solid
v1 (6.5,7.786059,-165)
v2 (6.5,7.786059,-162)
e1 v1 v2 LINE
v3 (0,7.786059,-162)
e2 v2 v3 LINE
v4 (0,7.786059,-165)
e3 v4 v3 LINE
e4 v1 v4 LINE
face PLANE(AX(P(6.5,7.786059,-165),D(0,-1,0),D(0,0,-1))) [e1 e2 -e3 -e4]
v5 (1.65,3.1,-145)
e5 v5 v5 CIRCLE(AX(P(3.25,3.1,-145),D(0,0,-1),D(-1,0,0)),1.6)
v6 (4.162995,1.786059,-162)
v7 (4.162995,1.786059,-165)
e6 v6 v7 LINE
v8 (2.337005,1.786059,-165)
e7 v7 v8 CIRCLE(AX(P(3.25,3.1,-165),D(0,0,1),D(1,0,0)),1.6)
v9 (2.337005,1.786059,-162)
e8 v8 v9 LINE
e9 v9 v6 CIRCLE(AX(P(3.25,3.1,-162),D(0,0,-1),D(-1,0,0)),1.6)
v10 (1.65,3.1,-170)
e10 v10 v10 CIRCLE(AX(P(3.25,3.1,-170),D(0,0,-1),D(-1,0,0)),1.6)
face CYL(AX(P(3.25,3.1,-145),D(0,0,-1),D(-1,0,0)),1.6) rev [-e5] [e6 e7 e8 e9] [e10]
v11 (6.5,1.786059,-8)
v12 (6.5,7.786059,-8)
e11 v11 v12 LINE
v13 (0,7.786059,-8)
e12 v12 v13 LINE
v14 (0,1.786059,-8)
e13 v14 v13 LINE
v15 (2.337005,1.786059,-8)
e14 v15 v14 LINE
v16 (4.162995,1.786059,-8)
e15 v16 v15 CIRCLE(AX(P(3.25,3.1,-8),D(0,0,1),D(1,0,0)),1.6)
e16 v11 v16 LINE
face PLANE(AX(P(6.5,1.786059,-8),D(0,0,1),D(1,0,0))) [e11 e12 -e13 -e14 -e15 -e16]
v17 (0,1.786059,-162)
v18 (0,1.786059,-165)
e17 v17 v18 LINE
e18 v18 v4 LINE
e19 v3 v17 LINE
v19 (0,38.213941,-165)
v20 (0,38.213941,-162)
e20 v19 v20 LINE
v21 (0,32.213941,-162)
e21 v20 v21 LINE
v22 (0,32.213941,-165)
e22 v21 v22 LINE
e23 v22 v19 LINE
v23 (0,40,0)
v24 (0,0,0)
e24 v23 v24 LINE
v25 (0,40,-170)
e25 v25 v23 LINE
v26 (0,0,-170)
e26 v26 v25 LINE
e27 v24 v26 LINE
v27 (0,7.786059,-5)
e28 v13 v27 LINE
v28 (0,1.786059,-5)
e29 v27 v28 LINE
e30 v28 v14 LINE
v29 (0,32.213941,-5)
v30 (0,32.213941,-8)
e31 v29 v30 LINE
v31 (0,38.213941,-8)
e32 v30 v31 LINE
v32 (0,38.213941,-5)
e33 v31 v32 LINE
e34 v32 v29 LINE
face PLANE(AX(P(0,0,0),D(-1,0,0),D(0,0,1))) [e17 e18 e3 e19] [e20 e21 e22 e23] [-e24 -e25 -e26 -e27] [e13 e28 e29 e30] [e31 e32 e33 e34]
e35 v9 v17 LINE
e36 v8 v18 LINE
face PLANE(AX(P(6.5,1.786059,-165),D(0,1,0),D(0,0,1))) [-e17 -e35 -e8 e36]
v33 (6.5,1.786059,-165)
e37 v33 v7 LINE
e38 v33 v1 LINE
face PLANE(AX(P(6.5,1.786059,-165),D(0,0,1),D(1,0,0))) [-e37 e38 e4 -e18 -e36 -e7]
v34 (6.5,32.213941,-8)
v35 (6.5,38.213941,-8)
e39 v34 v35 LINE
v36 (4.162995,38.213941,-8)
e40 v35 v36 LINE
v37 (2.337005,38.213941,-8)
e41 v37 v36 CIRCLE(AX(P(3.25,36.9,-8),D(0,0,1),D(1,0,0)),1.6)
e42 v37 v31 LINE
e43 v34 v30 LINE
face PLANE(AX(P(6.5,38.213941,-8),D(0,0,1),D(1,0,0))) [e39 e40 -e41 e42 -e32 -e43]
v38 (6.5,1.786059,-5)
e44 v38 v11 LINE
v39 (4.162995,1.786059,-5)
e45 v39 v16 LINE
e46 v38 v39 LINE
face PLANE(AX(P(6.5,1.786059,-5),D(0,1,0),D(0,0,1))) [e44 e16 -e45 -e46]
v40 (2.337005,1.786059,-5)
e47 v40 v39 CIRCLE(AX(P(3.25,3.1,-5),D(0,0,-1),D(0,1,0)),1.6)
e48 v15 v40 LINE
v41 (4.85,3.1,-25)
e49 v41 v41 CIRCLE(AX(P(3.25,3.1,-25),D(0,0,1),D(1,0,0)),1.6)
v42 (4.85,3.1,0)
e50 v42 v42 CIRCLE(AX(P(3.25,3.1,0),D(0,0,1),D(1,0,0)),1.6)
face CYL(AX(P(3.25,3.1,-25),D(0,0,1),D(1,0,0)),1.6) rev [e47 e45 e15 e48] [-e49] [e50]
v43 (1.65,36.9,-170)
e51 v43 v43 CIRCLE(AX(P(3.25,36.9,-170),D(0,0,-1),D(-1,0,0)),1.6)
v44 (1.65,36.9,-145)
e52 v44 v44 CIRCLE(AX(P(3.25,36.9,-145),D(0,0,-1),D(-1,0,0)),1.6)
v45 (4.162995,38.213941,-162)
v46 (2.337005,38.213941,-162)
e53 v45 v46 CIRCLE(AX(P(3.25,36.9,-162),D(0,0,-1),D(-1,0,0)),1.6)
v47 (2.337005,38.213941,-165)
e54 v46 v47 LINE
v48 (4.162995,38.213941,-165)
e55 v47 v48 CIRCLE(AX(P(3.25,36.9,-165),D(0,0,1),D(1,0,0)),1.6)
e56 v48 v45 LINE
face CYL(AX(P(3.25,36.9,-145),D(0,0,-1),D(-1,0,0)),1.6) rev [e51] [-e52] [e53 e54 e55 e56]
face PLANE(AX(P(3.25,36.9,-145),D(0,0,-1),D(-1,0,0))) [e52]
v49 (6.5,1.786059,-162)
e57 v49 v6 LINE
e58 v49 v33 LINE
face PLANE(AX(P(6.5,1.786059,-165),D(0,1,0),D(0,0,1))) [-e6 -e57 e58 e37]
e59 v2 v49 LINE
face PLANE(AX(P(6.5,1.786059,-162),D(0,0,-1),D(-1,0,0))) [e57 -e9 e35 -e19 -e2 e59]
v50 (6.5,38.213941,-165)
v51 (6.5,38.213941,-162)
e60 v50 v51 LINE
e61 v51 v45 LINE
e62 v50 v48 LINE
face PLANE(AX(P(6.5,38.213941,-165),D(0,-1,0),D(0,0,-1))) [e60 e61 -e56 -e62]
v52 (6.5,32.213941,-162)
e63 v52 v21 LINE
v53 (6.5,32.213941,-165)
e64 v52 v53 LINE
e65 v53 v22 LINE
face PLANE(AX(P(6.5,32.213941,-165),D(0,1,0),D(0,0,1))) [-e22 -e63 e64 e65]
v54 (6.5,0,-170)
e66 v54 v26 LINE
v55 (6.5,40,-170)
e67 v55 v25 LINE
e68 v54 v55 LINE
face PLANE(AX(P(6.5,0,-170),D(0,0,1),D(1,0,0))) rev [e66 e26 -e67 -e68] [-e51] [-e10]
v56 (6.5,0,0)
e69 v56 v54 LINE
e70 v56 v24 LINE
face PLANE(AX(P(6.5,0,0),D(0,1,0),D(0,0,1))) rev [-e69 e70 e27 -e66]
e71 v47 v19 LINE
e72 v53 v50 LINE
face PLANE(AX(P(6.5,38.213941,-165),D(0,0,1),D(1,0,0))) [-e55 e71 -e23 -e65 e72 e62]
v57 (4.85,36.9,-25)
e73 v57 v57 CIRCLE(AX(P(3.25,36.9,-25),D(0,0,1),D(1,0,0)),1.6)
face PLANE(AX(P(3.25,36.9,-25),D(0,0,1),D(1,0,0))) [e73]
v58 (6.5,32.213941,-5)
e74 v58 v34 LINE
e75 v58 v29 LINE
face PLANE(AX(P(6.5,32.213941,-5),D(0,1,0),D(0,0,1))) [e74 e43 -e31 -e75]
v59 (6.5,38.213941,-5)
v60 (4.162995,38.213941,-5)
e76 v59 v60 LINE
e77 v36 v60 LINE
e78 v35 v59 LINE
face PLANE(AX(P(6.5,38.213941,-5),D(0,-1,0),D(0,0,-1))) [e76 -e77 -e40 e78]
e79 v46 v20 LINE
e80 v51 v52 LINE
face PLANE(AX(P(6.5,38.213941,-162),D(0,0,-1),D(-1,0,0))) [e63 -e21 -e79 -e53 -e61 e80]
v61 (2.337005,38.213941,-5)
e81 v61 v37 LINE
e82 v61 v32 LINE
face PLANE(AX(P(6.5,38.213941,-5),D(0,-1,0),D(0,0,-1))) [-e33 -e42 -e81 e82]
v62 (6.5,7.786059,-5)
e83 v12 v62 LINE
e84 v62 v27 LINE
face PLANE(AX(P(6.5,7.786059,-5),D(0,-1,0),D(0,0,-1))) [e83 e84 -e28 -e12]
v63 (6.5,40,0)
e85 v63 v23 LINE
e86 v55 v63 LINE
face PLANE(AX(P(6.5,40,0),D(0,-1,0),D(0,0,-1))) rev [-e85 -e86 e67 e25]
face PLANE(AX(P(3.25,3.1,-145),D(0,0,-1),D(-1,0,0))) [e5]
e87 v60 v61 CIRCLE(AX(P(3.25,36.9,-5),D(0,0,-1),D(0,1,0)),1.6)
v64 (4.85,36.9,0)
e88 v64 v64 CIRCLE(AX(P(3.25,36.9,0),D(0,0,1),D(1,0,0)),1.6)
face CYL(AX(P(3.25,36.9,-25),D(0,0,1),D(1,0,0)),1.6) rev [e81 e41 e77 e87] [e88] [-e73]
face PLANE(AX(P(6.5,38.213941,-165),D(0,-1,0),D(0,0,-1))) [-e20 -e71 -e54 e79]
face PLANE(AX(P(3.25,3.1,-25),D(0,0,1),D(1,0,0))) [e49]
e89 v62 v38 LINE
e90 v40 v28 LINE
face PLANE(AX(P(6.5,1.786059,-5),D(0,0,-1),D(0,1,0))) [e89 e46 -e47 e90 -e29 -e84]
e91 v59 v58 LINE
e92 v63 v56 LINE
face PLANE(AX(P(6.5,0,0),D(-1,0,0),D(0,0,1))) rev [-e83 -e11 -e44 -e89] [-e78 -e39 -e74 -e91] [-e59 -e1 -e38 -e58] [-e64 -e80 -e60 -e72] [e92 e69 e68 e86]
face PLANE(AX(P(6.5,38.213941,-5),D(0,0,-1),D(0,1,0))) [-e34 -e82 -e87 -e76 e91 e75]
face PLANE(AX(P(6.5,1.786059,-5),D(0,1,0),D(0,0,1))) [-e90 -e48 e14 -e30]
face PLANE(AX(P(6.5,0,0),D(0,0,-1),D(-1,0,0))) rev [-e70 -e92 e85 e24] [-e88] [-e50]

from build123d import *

# Parameters (mm, degrees)
SKETCH_1_W          = 170
SKETCH_1_H          = 40
SKETCH_1_W_2        = 3
SKETCH_1_H_2        = 6
EXTRUDE_2_DEPTH     = 6.5
SKETCH_4_R          = 1.6
CUT_EXTRUDE_1_DEPTH = 25
CUT_EXTRUDE_START   = -25
SKETCH_5_R          = 1.6
CUT_EXTRUDE_2_DEPTH = 25


with BuildPart() as part:
    # 草图1 → 凸台-拉伸2 (new body)
    with BuildSketch(Plane(origin=(0, 0, 0), x_dir=(0, 0, -1), z_dir=(1, 0, 0))):
        with Locations((85, 20)):
            Rectangle(SKETCH_1_W, SKETCH_1_H)
        with Locations((6.5, 4.78605941)):
            Rectangle(SKETCH_1_W_2, SKETCH_1_H_2, mode=Mode.SUBTRACT)
        with Locations((6.5, 35.21394059)):
            Rectangle(SKETCH_1_W_2, SKETCH_1_H_2, mode=Mode.SUBTRACT)
        with Locations((163.5, 4.78605941)):
            Rectangle(SKETCH_1_W_2, SKETCH_1_H_2, mode=Mode.SUBTRACT)
        with Locations((163.5, 35.21394059)):
            Rectangle(SKETCH_1_W_2, SKETCH_1_H_2, mode=Mode.SUBTRACT)
    extrude(amount=EXTRUDE_2_DEPTH)

    # 草图4 → 切除-拉伸1 (cut)
    with BuildSketch(Plane.XY):
        with Locations((3.25, 36.9)):
            Circle(SKETCH_4_R)
        with Locations((3.25, 3.1)):
            Circle(SKETCH_4_R)
    extrude(amount=-CUT_EXTRUDE_1_DEPTH, mode=Mode.SUBTRACT)

    # 草图5 → 切除-拉伸2 (cut)
    with BuildSketch(Plane(origin=(0, 0, -170), x_dir=(-1, 0, 0), z_dir=(0, 0, -1)).offset(CUT_EXTRUDE_START)):
        with Locations(Location((-3.25, 36.9, 0), (0, 0, 180))):
            Circle(SKETCH_5_R)
        with Locations(Location((-3.25, 3.1, 0), (0, 0, 180))):
            Circle(SKETCH_5_R)
    extrude(amount=CUT_EXTRUDE_2_DEPTH, mode=Mode.SUBTRACT)


solid = part.part
